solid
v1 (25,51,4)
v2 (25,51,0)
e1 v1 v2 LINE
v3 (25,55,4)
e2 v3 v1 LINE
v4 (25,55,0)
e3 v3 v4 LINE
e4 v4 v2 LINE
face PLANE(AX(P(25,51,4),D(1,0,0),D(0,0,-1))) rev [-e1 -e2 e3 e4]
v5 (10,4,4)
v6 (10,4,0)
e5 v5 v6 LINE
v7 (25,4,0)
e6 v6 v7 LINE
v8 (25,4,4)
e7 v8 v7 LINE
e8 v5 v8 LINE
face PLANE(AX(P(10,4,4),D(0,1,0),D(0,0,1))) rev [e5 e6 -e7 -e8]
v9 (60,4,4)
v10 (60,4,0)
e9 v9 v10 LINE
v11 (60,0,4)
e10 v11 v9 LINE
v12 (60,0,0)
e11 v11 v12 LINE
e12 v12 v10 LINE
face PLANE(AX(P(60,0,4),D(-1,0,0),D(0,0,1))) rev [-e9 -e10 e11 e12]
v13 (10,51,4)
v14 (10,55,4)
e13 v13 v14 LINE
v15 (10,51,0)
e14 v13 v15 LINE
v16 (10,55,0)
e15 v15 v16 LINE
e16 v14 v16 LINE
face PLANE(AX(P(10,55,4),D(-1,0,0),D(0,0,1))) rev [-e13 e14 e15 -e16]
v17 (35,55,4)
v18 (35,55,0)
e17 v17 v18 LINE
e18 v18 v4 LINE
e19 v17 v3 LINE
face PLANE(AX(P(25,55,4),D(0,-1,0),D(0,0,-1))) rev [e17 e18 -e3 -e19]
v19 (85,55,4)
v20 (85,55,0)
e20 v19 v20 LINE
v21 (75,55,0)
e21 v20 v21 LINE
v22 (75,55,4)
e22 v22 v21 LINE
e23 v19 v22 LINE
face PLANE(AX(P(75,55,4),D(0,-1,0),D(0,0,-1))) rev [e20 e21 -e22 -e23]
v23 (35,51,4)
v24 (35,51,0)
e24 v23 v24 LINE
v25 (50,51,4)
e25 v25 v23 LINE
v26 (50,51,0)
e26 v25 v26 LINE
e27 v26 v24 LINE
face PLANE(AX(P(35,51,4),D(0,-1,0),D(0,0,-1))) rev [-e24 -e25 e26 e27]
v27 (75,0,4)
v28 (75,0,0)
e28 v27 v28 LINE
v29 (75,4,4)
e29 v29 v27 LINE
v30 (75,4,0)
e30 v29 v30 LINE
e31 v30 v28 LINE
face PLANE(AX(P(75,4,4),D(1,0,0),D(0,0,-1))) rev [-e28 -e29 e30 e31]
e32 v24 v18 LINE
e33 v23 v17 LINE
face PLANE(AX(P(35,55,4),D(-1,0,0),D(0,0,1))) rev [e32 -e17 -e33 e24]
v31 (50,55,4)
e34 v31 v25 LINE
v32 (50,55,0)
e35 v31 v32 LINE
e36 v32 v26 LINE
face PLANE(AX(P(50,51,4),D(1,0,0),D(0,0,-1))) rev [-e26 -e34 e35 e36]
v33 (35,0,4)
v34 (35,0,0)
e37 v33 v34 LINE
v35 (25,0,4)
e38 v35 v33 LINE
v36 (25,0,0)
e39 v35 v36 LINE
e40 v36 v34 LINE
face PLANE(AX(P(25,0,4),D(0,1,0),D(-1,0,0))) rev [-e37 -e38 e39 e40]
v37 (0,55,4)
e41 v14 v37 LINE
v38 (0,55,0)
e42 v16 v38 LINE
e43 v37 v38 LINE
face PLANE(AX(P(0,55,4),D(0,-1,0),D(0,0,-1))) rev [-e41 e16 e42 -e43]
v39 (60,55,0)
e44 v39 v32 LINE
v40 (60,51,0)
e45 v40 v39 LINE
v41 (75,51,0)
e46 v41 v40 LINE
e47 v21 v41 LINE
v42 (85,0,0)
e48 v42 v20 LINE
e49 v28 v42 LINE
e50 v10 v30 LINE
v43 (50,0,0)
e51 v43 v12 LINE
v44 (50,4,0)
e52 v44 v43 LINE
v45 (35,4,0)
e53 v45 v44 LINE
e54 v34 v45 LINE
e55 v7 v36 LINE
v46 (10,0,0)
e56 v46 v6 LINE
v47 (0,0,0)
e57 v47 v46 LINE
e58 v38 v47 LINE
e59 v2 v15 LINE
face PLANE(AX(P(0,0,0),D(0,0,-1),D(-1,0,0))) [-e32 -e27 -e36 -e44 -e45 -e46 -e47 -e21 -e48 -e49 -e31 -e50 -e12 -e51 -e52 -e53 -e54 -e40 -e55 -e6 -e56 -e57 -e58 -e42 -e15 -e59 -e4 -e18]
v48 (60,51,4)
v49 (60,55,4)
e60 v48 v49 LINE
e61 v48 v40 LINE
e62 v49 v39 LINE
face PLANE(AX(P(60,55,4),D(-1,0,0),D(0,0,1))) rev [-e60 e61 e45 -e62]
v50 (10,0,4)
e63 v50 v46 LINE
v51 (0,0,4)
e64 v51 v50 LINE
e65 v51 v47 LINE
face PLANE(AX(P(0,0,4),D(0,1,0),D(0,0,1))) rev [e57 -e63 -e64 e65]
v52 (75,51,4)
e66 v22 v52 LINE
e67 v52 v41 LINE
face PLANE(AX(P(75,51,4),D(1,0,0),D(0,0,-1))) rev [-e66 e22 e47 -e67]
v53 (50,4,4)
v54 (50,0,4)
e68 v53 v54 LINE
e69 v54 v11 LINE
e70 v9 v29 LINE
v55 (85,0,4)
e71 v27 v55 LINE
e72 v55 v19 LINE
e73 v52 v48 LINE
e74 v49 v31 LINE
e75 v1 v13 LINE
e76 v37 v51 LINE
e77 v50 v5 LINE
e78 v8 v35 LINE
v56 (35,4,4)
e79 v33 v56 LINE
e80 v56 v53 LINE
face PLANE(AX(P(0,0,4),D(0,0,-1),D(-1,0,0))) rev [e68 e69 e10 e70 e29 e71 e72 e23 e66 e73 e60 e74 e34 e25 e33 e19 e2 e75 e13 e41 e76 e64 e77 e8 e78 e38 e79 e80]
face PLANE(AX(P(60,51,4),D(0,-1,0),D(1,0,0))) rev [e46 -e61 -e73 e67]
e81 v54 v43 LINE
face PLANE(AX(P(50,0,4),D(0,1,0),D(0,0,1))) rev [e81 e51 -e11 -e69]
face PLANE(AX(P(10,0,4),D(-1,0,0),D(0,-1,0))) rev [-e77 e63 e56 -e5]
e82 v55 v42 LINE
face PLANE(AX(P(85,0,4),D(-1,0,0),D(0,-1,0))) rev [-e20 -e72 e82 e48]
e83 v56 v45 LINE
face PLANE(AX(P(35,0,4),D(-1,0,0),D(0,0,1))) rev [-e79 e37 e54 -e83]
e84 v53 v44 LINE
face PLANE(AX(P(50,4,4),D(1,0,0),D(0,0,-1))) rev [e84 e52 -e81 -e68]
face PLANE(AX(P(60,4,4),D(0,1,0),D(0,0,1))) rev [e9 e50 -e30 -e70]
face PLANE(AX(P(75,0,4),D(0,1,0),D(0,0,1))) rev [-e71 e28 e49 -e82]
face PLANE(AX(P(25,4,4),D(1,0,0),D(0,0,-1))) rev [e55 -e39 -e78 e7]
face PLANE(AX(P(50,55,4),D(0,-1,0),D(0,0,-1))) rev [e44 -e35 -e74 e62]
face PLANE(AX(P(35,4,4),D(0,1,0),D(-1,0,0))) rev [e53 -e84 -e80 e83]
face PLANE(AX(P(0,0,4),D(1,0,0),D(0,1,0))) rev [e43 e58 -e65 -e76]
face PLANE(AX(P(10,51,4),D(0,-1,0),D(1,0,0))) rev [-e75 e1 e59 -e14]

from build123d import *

# Parameters (mm, degrees)
SALIENTE_EXTRUIR1_DEPTH = 4


with BuildPart() as part:
    # Croquis1 → Saliente-Extruir1 (new body)
    with BuildSketch(Plane.XY):
        Polygon((0, 0), (10, 0), (10, 4), (25, 4), (25, 0), (35, 0), (35, 4), (50, 4), (50, 0), (60, 0), (60, 4), (75, 4), (75, 0), (85, 0), (85, 55), (75, 55), (75, 51), (60, 51), (60, 55), (50, 55), (50, 51), (35, 51), (35, 55), (25, 55), (25, 51), (10, 51), (10, 55), (0, 55), align=None)
    extrude(amount=SALIENTE_EXTRUIR1_DEPTH)


solid = part.part
